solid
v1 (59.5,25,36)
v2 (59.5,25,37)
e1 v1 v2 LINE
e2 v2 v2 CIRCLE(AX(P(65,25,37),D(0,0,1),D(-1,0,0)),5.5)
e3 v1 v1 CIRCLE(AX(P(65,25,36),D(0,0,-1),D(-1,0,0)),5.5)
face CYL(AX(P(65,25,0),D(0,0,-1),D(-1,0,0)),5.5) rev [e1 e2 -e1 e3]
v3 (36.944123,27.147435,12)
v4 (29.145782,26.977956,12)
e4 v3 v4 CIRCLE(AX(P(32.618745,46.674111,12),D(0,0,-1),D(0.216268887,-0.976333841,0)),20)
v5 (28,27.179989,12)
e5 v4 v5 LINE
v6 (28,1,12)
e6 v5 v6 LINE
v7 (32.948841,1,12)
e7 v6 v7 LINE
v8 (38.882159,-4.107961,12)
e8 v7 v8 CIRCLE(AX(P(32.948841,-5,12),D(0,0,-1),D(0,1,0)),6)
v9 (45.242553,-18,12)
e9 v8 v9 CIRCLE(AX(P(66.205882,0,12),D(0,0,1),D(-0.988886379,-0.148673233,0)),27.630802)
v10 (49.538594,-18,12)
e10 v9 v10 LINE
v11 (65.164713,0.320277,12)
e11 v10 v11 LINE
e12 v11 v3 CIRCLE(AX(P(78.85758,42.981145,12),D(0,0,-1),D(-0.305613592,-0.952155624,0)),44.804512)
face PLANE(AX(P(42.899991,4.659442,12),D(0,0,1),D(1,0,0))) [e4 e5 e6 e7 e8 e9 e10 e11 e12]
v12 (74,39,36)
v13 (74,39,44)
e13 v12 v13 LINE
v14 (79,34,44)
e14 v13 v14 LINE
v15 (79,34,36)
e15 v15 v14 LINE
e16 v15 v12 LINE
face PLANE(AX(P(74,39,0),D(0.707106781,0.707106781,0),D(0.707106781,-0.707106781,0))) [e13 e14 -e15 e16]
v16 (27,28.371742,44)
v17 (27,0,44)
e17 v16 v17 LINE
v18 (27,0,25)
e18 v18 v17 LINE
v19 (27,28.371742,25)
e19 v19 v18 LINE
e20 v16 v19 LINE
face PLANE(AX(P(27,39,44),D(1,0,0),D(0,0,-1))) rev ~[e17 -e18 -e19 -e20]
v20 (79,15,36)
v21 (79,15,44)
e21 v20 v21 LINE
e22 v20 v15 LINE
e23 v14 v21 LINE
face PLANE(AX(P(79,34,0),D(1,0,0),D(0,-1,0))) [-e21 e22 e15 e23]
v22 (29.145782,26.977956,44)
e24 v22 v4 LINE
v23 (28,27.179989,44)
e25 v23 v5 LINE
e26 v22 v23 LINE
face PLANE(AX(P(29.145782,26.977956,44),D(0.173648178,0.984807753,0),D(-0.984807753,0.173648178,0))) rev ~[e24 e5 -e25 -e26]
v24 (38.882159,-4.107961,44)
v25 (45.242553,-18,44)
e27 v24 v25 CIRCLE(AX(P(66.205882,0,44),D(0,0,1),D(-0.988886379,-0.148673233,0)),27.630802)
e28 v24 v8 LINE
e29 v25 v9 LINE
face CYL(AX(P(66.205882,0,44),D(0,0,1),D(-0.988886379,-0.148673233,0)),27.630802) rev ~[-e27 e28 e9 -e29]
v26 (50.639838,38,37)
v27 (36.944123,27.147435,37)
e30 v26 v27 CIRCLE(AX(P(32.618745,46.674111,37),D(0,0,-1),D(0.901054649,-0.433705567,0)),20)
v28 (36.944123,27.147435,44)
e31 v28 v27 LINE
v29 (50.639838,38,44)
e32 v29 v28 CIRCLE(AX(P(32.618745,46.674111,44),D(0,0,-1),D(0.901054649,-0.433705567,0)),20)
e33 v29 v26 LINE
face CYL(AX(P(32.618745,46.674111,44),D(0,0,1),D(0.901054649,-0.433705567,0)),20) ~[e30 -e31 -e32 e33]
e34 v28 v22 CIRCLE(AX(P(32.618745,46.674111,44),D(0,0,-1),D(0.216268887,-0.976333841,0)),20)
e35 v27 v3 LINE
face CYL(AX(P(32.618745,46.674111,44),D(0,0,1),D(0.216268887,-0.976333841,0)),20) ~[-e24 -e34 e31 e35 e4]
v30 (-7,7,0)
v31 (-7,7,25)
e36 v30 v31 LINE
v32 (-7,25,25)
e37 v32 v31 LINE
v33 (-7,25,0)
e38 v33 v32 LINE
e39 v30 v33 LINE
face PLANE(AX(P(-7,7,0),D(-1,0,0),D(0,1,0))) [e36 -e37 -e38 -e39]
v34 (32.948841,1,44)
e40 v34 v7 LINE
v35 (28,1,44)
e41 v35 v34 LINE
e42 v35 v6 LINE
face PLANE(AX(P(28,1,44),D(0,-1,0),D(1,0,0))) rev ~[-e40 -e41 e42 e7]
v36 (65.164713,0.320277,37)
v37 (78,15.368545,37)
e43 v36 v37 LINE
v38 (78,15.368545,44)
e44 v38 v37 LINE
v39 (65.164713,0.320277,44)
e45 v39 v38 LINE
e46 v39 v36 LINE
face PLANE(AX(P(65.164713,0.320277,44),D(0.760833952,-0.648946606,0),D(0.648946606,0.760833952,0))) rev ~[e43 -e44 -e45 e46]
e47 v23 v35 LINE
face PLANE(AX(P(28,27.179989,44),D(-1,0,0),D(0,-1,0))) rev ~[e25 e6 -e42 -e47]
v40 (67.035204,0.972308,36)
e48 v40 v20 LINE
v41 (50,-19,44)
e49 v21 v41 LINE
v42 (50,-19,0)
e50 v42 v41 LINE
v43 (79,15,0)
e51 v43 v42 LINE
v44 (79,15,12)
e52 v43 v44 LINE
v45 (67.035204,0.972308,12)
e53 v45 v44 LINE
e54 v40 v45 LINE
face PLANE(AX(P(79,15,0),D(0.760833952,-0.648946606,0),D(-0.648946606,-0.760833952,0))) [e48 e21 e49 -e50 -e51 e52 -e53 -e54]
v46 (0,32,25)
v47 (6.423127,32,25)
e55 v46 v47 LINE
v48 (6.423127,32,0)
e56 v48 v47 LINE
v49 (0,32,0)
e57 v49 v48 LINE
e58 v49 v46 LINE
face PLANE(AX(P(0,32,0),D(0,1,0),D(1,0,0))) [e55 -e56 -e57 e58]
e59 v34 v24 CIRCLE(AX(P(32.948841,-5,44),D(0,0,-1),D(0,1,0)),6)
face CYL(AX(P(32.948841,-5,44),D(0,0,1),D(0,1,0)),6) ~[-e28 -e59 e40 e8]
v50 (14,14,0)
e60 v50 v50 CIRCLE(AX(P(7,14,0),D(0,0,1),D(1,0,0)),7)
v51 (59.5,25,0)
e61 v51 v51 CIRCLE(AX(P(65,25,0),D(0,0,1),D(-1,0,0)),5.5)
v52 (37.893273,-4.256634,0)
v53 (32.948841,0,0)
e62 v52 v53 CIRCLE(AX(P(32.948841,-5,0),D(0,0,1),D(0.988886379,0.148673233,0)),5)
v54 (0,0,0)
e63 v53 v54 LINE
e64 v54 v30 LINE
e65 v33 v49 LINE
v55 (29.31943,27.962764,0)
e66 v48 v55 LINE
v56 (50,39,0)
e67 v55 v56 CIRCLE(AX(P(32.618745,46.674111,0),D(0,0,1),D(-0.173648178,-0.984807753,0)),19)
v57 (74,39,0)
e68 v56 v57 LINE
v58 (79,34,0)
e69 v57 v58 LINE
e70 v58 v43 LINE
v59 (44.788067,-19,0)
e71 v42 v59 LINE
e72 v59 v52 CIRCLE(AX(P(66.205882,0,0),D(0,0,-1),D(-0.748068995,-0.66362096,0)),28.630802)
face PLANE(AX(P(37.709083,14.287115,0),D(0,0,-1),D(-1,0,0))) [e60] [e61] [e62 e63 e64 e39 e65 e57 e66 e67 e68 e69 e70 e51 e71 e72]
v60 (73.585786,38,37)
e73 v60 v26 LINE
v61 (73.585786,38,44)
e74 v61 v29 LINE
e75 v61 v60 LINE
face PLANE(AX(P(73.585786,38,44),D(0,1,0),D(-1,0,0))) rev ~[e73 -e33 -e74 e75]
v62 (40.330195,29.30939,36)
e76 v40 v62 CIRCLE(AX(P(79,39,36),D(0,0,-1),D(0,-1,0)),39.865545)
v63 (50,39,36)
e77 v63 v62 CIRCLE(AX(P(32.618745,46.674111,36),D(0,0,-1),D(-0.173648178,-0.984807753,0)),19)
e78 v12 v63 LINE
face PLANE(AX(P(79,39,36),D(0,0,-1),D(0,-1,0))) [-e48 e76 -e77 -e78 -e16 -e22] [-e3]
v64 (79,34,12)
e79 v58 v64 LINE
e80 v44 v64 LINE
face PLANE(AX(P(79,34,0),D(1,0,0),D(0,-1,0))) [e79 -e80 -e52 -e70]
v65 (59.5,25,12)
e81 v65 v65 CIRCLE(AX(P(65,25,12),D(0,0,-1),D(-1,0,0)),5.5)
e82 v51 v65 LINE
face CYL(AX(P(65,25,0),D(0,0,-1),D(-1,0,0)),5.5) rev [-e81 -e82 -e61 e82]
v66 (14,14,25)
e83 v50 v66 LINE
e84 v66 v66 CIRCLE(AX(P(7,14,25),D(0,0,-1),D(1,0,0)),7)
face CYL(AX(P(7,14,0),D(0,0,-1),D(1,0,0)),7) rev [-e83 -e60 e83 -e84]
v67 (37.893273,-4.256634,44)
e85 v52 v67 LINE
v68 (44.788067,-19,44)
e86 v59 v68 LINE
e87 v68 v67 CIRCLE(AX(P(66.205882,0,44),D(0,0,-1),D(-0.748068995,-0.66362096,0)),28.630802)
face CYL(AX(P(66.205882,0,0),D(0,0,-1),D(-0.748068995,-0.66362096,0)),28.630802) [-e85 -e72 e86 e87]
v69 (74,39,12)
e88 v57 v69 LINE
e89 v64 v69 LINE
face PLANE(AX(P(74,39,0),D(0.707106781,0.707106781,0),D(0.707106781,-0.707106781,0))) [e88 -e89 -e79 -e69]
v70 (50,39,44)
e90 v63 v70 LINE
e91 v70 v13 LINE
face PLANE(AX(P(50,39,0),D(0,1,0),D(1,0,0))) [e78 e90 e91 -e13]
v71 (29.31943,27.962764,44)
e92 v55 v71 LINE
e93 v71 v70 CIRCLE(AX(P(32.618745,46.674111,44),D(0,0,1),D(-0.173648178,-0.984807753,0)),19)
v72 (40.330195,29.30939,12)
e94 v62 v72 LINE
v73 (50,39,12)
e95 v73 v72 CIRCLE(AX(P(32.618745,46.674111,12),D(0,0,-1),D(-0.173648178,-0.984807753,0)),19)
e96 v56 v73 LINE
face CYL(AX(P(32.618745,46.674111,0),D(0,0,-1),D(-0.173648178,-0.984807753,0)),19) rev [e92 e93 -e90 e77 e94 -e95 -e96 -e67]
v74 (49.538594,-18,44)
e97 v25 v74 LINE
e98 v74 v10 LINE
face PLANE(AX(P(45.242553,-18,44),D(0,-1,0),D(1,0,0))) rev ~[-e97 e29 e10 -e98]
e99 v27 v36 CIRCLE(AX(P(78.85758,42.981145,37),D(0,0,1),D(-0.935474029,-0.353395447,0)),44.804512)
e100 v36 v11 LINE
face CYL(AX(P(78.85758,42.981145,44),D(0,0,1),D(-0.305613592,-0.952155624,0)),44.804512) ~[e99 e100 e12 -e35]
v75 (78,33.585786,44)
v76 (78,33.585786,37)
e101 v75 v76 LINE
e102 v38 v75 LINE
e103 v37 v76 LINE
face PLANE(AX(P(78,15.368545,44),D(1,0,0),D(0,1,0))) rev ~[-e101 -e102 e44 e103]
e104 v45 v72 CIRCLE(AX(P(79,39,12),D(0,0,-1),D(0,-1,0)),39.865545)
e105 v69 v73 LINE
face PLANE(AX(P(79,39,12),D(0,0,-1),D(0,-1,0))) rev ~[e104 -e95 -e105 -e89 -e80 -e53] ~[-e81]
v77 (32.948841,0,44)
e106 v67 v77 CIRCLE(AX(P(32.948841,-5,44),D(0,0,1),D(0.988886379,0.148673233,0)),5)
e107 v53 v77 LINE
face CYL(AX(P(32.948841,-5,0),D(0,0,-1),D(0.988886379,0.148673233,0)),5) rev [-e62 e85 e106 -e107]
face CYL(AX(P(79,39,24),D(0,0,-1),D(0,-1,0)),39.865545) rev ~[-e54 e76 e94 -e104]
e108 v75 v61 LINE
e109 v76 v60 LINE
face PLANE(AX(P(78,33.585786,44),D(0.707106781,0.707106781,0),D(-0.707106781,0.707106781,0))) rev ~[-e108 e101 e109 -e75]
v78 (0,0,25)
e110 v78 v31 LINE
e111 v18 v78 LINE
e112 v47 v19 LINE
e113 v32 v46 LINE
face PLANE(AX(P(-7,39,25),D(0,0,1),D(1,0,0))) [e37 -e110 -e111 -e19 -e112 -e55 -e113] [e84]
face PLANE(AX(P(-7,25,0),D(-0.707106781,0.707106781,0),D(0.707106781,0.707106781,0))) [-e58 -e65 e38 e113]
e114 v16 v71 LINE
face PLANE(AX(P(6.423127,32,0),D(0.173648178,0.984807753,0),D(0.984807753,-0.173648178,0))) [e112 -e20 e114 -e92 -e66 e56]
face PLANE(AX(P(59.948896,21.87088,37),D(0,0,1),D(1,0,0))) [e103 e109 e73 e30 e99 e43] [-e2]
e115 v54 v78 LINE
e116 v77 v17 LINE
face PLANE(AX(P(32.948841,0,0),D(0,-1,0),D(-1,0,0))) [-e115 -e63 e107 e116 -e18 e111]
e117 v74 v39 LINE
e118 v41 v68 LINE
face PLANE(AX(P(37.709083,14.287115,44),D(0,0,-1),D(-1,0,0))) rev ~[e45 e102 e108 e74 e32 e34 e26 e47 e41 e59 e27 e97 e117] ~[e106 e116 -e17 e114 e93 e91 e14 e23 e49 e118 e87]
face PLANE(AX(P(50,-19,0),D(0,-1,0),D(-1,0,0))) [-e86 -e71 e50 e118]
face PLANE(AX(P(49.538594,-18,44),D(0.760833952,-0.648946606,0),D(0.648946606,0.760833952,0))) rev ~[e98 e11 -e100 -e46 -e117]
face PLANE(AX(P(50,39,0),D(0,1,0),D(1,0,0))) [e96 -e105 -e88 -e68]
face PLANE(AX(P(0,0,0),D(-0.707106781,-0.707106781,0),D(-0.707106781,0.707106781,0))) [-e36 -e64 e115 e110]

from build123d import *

# Parameters (mm, degrees)
SKETCH1_R           = 7
BOSS_EXTRUDE1_DEPTH = 44
SKETCH70_W          = 24
SKETCH70_H          = 39.86554544
SKETCH71_W          = 34
SKETCH71_H          = 19
CUT_EXTRUDE1_DEPTH  = 43
SKETCH73_R          = 5.5
CUT_EXTRUDE3_DEPTH  = 99.478424033
CUT_EXTRUDE4_DEPTH  = 32
SKETCH78_14_R       = 5.5
CUT_EXTRUDE5_DEPTH  = 7


with BuildPart() as part:
    # Sketch1 → Boss-Extrude1 (new body)
    with BuildSketch(Plane.XY):
        with BuildLine():
            Line((0, 0), (-7, 7))
            Line((-7, 7), (-7, 25))
            Line((-7, 25), (0, 32))
            Line((0, 32), (6.423127039, 32))
            Line((6.423127039, 32), (29.319429923, 27.962764043))
            ThreePointArc((29.319429923, 27.962764043), (41.564716358, 29.911963462), (50, 39))
            Line((50, 39), (74, 39))
            Line((74, 39), (79, 34))
            Line((79, 34), (79, 15))
            Line((79, 15), (50, -19))
            Line((50, -19), (44.788067397, -19))
            ThreePointArc((44.788067397, -19), (40.27095427, -12.128573817), (37.89327269, -4.256633834))
            ThreePointArc((37.89327269, -4.256633834), (36.210984968, -1.21075002), (32.948840798, 0))
            Line((32.948840798, 0), (0, 0))
        make_face()
        with Locations((7, 14)):
            Circle(SKETCH1_R, mode=Mode.SUBTRACT)
    extrude(amount=BOSS_EXTRUDE1_DEPTH)

    # Sketch70 → Cut-Revolve3 (revolve, cut)
    with BuildSketch(Plane(origin=(79, 0, 0), x_dir=(0, 0, -1), z_dir=(1, 0, 0))):
        with Locations((-24, 19.06722728)):
            Rectangle(SKETCH70_W, SKETCH70_H)
    revolve(axis=Axis((79, 39, 36), (0, 0, -1)), mode=Mode.SUBTRACT)

    # Sketch71 → Cut-Extrude1 (cut)
    with BuildSketch(Plane(origin=(0, 39, 0), x_dir=(1, 0, 0), z_dir=(0, 1, 0))):
        with Locations((10, -34.5)):
            Rectangle(SKETCH71_W, SKETCH71_H)
    extrude(amount=-CUT_EXTRUDE1_DEPTH, mode=Mode.SUBTRACT)

    # Sketch73 → Cut-Extrude3 (cut, through all)
    with BuildSketch(Plane.XY):
        with Locations((65, 25)):
            Circle(SKETCH73_R)
    extrude(amount=CUT_EXTRUDE3_DEPTH, mode=Mode.SUBTRACT)

    # Sketch78 → Cut-Extrude4 (cut)
    with BuildSketch(Plane.XY.offset(44)):
        with BuildLine():
            ThreePointArc((36.944123049, 27.147434538), (33.053294732, 26.678832738), (29.145781746, 26.97795629))
            Line((29.145781746, 26.97795629), (28, 27.179988526))
            Line((28, 27.179988526), (28, 1))
            Line((28, 1), (32.948840798, 1))
            ThreePointArc((32.948840798, 1), (36.863413802, -0.452900023), (38.882159069, -4.107960601))
            ThreePointArc((38.882159069, -4.107960601), (41.083042895, -11.502353322), (45.242552598, -18))
            Line((45.242552598, -18), (49.538593943, -18))
            Line((49.538593943, -18), (65.164712554, 0.320276992))
            ThreePointArc((65.164712554, 0.320276992), (47.987855004, 10.508012336), (36.944123049, 27.147434538))
        make_face()
    extrude(amount=-CUT_EXTRUDE4_DEPTH, mode=Mode.SUBTRACT)

    # Sketch78<14> → Cut-Extrude5 (cut)
    with BuildSketch(Plane.XY.offset(44)):
        with BuildLine():
            ThreePointArc((50.639838281, 38), (45.039926113, 30.998835685), (36.944123049, 27.147434538))
            ThreePointArc((36.944123049, 27.147434538), (47.987855004, 10.508012336), (65.164712554, 0.320276992))
            Line((65.164712554, 0.320276992), (78, 15.368545033))
            Line((78, 15.368545033), (78, 33.585786438))
            Line((78, 33.585786438), (73.585786438, 38))
            Line((73.585786438, 38), (50.639838281, 38))
        make_face()
        with Locations((65, 25)):
            Circle(SKETCH78_14_R, mode=Mode.SUBTRACT)
    extrude(amount=-CUT_EXTRUDE5_DEPTH, mode=Mode.SUBTRACT)


solid = part.part
